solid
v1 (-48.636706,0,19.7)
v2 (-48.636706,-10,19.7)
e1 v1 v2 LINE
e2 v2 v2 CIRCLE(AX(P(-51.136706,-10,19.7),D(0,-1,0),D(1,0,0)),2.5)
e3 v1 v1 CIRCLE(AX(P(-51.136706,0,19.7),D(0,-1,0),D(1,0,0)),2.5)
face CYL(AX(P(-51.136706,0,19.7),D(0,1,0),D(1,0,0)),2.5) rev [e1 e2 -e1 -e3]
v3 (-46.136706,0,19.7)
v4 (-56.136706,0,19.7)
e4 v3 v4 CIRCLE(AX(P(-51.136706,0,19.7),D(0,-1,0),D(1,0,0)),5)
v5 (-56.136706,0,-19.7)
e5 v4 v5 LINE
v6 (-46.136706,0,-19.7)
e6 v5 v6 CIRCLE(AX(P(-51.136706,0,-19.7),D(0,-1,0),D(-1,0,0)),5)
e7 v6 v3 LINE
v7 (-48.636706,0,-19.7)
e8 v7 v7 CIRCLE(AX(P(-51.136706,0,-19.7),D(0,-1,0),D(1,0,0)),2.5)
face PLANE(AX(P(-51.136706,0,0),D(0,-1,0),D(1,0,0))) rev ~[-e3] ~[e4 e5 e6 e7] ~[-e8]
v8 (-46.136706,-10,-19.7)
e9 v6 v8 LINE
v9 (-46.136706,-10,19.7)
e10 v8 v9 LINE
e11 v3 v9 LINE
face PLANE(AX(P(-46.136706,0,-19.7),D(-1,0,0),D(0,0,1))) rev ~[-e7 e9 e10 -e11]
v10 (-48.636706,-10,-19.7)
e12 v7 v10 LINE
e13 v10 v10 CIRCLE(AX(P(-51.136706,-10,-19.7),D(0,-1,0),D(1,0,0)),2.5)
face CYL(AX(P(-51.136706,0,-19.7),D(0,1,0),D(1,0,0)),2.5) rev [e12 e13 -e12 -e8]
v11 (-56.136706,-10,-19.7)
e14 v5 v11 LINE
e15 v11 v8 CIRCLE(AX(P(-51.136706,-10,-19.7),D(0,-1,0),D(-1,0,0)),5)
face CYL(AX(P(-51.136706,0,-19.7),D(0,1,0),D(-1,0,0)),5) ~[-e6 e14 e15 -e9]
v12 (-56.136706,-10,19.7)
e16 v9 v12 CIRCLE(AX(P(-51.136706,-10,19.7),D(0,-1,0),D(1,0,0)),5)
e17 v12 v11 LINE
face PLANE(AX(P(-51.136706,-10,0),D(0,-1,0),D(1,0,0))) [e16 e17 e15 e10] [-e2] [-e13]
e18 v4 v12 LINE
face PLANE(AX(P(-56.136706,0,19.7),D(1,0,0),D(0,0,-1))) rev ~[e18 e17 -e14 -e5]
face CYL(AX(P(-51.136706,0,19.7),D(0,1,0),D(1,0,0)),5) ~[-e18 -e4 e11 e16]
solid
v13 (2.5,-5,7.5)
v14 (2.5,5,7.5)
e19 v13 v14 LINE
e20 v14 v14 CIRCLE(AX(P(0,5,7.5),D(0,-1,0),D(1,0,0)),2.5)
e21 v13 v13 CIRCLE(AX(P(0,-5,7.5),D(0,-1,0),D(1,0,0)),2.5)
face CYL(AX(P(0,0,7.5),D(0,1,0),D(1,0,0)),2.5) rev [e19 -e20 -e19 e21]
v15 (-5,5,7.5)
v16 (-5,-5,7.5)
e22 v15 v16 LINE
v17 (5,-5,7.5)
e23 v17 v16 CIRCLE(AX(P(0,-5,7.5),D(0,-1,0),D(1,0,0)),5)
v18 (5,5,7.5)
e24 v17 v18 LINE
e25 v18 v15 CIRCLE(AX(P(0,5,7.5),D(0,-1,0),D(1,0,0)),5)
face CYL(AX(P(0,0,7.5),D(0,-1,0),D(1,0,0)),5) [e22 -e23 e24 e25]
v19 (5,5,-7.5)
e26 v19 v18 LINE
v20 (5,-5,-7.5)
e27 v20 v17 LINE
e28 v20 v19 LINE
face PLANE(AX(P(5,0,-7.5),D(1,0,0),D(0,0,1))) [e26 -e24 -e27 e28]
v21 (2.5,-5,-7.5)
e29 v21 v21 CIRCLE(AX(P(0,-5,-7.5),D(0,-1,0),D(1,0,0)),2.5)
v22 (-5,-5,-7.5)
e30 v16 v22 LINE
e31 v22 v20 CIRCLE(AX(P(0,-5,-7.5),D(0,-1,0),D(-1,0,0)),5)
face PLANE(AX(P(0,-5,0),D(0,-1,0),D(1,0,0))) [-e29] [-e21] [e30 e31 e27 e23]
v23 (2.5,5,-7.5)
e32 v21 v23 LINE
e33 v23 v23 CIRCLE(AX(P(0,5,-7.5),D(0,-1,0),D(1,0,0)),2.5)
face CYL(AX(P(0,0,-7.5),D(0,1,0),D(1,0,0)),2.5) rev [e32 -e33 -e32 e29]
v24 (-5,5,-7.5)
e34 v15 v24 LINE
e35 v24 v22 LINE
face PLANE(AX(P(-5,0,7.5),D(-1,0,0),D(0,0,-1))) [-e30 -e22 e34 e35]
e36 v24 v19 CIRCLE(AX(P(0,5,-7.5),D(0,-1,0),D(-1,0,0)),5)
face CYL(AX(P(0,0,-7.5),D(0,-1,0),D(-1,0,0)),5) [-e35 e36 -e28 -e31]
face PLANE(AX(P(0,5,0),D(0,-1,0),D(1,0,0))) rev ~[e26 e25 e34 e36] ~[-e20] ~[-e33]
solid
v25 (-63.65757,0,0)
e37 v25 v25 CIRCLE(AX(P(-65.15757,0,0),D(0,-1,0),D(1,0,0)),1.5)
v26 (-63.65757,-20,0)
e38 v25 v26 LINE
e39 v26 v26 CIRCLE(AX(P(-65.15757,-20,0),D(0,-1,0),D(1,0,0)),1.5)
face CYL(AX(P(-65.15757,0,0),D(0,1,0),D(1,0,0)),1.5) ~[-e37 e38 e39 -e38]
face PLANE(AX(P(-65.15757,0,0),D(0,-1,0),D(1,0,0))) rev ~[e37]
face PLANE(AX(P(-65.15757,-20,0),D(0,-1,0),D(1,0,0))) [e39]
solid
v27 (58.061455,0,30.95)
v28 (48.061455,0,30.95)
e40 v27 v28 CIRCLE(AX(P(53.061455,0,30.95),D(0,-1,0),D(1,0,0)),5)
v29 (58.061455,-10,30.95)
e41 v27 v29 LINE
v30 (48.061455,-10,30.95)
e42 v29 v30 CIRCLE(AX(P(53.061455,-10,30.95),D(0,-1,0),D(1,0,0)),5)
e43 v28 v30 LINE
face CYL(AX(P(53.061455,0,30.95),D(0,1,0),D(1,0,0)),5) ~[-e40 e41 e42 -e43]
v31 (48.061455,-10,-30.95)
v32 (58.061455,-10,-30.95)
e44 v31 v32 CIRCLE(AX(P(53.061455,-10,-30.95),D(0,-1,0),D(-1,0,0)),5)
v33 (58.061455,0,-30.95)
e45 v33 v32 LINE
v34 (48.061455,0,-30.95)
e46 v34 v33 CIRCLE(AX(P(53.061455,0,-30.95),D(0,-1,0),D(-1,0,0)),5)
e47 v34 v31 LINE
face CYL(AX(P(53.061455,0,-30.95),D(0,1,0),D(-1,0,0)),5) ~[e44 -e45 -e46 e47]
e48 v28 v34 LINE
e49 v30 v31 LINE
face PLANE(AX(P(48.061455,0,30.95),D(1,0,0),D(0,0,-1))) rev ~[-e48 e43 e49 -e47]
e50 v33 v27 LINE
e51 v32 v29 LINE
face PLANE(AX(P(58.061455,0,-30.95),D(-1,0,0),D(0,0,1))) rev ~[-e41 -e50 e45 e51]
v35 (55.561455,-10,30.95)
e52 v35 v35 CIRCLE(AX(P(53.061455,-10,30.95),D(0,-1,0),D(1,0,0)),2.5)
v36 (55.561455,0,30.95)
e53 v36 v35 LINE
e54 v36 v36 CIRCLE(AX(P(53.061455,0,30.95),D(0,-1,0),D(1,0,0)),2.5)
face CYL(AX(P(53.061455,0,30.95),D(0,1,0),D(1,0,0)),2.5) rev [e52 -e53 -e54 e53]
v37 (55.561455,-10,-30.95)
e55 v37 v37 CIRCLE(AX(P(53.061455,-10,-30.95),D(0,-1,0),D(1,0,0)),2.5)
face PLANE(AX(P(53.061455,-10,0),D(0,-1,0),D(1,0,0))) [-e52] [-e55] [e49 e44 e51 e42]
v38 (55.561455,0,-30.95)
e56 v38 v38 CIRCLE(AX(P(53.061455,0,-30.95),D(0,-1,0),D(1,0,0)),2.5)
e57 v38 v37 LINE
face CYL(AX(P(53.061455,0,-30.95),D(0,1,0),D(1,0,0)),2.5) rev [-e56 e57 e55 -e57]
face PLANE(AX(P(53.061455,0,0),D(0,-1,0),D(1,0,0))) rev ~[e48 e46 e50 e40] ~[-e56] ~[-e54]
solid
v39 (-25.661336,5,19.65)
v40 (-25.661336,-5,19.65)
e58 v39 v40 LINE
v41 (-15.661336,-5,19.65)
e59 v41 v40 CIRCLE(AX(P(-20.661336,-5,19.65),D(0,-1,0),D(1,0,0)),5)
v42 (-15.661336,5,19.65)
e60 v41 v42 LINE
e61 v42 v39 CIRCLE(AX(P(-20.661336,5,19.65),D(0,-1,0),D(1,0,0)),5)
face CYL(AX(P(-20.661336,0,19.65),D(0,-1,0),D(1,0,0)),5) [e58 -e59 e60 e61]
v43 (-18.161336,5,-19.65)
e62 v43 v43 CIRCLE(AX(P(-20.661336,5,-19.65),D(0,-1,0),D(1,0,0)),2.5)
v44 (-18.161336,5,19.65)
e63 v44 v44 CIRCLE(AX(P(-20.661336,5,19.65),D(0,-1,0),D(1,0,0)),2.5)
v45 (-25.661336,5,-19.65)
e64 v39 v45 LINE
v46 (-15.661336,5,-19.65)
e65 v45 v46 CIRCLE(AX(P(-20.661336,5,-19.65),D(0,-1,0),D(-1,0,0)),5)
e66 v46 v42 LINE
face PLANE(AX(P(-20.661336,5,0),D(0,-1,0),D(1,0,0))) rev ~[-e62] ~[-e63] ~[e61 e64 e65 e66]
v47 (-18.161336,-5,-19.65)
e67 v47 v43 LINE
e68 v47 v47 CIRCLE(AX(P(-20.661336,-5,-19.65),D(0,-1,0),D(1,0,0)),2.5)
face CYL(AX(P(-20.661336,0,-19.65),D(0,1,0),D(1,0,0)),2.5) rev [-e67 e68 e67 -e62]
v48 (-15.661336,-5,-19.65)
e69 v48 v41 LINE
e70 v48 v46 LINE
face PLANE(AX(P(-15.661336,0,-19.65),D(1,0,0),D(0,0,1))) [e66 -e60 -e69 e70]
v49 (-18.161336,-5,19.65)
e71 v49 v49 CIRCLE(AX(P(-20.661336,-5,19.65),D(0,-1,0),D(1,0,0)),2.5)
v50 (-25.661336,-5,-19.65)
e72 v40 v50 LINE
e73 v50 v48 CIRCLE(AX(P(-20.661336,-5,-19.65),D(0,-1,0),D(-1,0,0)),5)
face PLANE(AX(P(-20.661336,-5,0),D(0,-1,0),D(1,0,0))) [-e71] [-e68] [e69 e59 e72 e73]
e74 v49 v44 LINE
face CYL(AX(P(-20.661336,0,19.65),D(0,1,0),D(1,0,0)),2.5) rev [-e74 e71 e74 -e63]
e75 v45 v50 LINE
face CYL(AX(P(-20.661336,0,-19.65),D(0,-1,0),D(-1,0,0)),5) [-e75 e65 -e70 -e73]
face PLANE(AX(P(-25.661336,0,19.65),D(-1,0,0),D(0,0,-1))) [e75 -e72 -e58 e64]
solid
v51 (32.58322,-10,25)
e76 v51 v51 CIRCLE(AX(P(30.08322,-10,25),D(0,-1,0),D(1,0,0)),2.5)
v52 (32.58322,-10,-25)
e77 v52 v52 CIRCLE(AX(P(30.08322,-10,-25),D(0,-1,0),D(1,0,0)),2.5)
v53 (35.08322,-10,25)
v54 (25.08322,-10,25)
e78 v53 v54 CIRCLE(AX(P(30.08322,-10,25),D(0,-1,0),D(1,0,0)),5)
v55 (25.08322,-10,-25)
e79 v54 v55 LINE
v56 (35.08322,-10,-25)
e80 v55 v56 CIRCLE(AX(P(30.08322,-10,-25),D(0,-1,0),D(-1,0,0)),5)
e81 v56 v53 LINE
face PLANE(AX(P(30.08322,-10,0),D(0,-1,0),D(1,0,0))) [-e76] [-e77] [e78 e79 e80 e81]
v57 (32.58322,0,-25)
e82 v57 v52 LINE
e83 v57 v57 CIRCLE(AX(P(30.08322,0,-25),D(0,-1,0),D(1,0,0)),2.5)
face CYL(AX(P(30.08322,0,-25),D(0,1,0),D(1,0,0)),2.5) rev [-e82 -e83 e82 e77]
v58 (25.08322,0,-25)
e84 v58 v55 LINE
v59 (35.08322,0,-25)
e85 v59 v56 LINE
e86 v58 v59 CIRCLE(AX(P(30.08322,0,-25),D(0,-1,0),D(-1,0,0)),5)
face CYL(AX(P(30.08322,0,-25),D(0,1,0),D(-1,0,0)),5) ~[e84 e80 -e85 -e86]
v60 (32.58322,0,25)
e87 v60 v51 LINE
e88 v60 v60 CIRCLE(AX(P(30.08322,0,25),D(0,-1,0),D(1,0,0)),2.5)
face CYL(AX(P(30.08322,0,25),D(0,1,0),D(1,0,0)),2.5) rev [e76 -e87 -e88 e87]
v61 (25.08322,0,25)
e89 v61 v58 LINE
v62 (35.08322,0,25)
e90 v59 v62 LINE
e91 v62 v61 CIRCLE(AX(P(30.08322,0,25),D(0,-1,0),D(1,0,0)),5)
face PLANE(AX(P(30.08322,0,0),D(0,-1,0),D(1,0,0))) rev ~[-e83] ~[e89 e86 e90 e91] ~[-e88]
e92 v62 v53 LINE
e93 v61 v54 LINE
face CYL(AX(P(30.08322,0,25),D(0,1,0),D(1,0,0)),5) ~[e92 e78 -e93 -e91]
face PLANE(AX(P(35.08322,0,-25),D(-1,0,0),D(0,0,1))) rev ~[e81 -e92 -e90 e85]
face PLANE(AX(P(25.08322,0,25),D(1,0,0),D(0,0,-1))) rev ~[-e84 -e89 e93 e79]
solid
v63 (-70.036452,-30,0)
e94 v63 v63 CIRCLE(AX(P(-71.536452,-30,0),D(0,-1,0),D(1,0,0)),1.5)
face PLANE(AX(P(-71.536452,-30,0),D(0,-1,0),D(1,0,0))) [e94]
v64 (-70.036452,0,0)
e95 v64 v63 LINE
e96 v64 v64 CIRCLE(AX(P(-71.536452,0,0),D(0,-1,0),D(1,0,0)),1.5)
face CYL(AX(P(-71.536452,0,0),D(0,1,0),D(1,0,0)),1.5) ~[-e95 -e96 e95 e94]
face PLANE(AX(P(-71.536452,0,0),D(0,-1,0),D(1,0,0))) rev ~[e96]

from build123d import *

# Parameters (mm, degrees)
F1_R      = 2.5
F2_DEPTH  = 5
F3_R      = 2.5
F4_DEPTH  = 5
F5_R      = 2.5
F6_DEPTH  = 10
F7_R      = 2.5
F8_DEPTH  = 10
F9_R      = 2.5
F10_DEPTH = 10
F11_R     = 1.5
F12_DEPTH = 20
F13_R     = 1.5
F14_DEPTH = 30


with BuildPart() as f2:
    # F1 (on Front) → F2 (new body, symmetric)
    with BuildSketch(Plane.XZ):
        with BuildLine():
            Line((5, 0), (5, 7.5))
            ThreePointArc((5, 7.5), (0, 12.5), (-5, 7.5))
            Line((-5, 7.5), (-5, 0))
            Line((-5, 0), (-5, -7.5))
            ThreePointArc((-5, -7.5), (0, -12.5), (5, -7.5))
            Line((5, -7.5), (5, 0))
        make_face()
        with Locations((0, -7.5)):
            Circle(F1_R, mode=Mode.SUBTRACT)
        with Locations((0, 7.5)):
            Circle(F1_R, mode=Mode.SUBTRACT)
    extrude(amount=F2_DEPTH, both=True)


with BuildPart() as f4:
    # F3 (on Front) → F4 (new body, symmetric)
    with BuildSketch(Plane.XZ):
        with BuildLine():
            Line((-15.6613364816, 0), (-15.6613364816, 19.65))
            ThreePointArc((-15.6613364816, 19.65), (-20.6613364816, 24.65), (-25.6613364816, 19.65))
            Line((-25.6613364816, 19.65), (-25.6613364816, 0))
            Line((-25.6613364816, 0), (-25.6613364816, -19.65))
            ThreePointArc((-25.6613364816, -19.65), (-20.6613364816, -24.65), (-15.6613364816, -19.65))
            Line((-15.6613364816, -19.65), (-15.6613364816, 0))
        make_face()
        with Locations((-20.6613364816, -19.65)):
            Circle(F3_R, mode=Mode.SUBTRACT)
        with Locations((-20.6613364816, 19.65)):
            Circle(F3_R, mode=Mode.SUBTRACT)
    extrude(amount=F4_DEPTH, both=True)


with BuildPart() as f6:
    # F5 (on Front) → F6 (new body)
    with BuildSketch(Plane.XZ):
        with BuildLine():
            Line((-46.1367060244, 0), (-46.1367060244, 19.7))
            ThreePointArc((-46.1367060244, 19.7), (-51.1367060244, 24.7), (-56.1367060244, 19.7))
            Line((-56.1367060244, 19.7), (-56.1367060244, 0))
            Line((-56.1367060244, 0), (-56.1367060244, -19.7))
            ThreePointArc((-56.1367060244, -19.7), (-51.1367060244, -24.7), (-46.1367060244, -19.7))
            Line((-46.1367060244, -19.7), (-46.1367060244, 0))
        make_face()
        with Locations((-51.1367060244, -19.7)):
            Circle(F5_R, mode=Mode.SUBTRACT)
        with Locations((-51.1367060244, 19.7)):
            Circle(F5_R, mode=Mode.SUBTRACT)
    extrude(amount=F6_DEPTH)


with BuildPart() as f8:
    # F7 (on Front) → F8 (new body)
    with BuildSketch(Plane.XZ):
        with BuildLine():
            Line((35.0832204521, 0), (35.0832204521, 25))
            ThreePointArc((35.0832204521, 25), (30.0832204521, 30), (25.0832204521, 25))
            Line((25.0832204521, 25), (25.0832204521, 0))
            Line((25.0832204521, 0), (25.0832204521, -25))
            ThreePointArc((25.0832204521, -25), (30.0832204521, -30), (35.0832204521, -25))
            Line((35.0832204521, -25), (35.0832204521, 0))
        make_face()
        with Locations((30.0832204521, -25)):
            Circle(F7_R, mode=Mode.SUBTRACT)
        with Locations((30.0832204521, 25)):
            Circle(F7_R, mode=Mode.SUBTRACT)
    extrude(amount=F8_DEPTH)


with BuildPart() as f10:
    # F9 (on Front) → F10 (new body)
    with BuildSketch(Plane.XZ):
        with BuildLine():
            Line((58.0614554882, 0), (58.0614554882, 30.95))
            ThreePointArc((58.0614554882, 30.95), (53.0614554882, 35.95), (48.0614554882, 30.95))
            Line((48.0614554882, 30.95), (48.0614554882, 0))
            Line((48.0614554882, 0), (48.0614554882, -30.95))
            ThreePointArc((48.0614554882, -30.95), (53.0614554882, -35.95), (58.0614554882, -30.95))
            Line((58.0614554882, -30.95), (58.0614554882, 0))
        make_face()
        with Locations((53.0614554882, -30.95)):
            Circle(F9_R, mode=Mode.SUBTRACT)
        with Locations((53.0614554882, 30.95)):
            Circle(F9_R, mode=Mode.SUBTRACT)
    extrude(amount=F10_DEPTH)


with BuildPart() as f12:
    # F11 (on Front) → F12 (new body)
    with BuildSketch(Plane.XZ):
        with Locations((-65.1575699449, 0)):
            Circle(F11_R)
    extrude(amount=F12_DEPTH)


with BuildPart() as f14:
    # F13 (on Front) → F14 (new body)
    with BuildSketch(Plane.XZ):
        with Locations((-71.5364515781, 0)):
            Circle(F13_R)
    extrude(amount=F14_DEPTH)


solid = Compound([f2.part, f4.part, f6.part, f8.part, f10.part, f12.part, f14.part])
